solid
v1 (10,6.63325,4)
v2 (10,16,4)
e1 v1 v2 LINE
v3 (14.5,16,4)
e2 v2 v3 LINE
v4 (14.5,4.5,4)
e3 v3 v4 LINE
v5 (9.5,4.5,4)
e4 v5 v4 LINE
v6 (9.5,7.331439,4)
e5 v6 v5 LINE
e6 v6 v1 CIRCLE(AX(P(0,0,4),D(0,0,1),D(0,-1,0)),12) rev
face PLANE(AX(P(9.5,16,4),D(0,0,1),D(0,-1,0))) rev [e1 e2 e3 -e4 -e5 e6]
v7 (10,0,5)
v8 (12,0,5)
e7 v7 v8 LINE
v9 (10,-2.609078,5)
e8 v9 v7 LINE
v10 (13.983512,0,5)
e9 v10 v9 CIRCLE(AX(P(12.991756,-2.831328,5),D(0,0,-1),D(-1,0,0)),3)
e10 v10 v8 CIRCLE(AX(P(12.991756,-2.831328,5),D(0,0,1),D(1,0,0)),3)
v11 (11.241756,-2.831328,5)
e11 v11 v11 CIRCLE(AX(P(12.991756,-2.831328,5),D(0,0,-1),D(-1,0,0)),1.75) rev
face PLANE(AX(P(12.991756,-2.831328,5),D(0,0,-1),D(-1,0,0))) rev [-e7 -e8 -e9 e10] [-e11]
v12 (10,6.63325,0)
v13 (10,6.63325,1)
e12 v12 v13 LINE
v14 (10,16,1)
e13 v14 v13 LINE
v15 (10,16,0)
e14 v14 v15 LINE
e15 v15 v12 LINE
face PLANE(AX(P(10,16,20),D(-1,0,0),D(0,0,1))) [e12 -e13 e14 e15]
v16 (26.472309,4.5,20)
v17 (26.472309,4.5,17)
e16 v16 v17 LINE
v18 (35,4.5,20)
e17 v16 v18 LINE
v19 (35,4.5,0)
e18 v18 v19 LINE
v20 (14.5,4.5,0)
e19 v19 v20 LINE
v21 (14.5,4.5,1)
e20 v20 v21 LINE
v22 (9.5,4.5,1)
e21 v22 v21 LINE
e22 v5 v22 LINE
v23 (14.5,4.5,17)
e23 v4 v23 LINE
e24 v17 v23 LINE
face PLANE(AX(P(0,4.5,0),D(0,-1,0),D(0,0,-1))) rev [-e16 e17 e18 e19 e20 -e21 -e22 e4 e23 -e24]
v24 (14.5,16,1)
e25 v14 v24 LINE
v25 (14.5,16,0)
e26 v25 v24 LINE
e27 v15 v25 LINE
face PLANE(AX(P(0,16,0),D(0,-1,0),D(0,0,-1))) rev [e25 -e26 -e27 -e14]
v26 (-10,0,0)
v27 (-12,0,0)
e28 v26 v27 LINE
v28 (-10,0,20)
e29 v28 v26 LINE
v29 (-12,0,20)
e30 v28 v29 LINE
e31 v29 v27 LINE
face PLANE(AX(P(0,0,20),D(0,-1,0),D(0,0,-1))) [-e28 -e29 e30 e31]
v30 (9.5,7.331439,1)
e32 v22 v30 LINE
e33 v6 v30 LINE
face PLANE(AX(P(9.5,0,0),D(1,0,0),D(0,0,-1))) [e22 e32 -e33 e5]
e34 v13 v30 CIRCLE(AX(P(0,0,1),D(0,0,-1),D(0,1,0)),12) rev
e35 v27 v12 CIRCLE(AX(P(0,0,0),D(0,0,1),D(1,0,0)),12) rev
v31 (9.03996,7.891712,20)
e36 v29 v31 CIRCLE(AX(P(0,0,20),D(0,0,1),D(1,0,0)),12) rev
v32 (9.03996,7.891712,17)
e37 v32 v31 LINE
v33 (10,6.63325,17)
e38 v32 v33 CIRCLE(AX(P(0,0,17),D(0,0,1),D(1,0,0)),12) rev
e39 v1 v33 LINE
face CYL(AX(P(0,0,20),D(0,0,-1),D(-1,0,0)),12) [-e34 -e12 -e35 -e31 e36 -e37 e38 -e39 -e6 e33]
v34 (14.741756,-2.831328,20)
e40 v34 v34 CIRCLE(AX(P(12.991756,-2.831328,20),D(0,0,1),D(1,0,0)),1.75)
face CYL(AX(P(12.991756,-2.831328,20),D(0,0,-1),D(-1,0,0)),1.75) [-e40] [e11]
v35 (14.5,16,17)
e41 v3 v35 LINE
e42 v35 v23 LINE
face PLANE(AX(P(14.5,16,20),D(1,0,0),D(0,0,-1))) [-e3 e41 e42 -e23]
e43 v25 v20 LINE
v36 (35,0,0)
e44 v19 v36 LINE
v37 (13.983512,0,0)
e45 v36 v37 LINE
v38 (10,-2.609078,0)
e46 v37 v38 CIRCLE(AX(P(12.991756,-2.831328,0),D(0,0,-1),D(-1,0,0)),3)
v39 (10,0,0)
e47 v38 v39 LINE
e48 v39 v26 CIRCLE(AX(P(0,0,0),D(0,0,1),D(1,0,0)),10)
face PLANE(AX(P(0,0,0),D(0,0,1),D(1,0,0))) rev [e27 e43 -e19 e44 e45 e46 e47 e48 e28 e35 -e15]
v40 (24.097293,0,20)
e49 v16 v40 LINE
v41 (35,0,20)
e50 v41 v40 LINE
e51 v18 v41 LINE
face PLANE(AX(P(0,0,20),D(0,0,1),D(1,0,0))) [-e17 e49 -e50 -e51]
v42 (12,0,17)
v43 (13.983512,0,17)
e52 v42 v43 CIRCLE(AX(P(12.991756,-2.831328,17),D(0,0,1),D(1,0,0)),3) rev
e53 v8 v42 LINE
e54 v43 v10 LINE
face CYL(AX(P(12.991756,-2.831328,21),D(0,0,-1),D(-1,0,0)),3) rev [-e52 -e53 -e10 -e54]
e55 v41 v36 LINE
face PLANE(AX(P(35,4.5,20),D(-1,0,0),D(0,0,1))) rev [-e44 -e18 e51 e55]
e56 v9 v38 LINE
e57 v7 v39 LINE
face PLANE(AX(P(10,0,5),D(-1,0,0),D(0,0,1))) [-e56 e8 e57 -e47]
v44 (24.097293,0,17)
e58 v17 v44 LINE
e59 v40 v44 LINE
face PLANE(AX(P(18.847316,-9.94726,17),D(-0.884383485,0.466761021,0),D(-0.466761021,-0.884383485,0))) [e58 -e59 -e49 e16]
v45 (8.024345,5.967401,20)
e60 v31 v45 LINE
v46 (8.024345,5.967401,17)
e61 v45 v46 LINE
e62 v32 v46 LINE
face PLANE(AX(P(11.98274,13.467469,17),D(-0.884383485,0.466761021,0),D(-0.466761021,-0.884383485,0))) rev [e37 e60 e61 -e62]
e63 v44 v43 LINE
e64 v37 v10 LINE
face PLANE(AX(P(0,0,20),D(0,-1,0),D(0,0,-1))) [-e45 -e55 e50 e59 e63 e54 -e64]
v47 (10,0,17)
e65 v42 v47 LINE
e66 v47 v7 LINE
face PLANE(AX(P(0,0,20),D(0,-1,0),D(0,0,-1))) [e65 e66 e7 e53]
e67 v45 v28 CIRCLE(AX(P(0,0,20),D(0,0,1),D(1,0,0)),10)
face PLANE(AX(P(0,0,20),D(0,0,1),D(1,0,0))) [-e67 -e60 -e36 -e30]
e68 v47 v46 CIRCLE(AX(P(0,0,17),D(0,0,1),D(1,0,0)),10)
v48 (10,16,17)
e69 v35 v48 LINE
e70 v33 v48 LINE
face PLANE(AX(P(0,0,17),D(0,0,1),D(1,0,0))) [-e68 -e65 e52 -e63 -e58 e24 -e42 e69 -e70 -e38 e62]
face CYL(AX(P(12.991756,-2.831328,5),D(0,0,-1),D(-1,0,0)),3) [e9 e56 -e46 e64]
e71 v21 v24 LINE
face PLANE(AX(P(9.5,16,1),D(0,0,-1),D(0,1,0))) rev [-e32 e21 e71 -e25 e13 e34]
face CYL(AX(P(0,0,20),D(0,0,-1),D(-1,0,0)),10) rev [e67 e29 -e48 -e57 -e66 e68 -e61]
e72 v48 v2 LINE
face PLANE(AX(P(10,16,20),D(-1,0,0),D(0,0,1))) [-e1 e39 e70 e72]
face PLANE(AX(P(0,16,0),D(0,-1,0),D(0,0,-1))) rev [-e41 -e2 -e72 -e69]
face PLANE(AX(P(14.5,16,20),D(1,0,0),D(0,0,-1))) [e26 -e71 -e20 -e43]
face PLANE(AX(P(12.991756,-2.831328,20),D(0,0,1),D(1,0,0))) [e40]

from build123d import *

# Parameters (mm, degrees)
BOSS_EXTRUDE1_DEPTH = 20
SKETCH7_R           = 1.75
BOSS_EXTRUDE5_DEPTH = 20
BOSS_EXTRUDE6_DEPTH = 5
SKETCH8_W           = 25
SKETCH8_H           = 20
BOSS_EXTRUDE7_DEPTH = 4.5
SKETCH9_W           = 4.5
SKETCH9_H           = 20
BOSS_EXTRUDE8_DEPTH = 16
SKETCH10_R          = 1.75
CUT_EXTRUDE1_DEPTH  = 3
SKETCH12_R          = 1.75
BOSS_EXTRUDE9_DEPTH = 3
SKETCH14_R          = 3
SKETCH14_R_2        = 2.333892431
CUT_EXTRUDE3_DEPTH  = 16
CUT_EXTRUDE4_DEPTH  = 3
SKETCH16_W          = 3
SKETCH16_H          = 11.5
CUT_EXTRUDE5_DEPTH  = 5


with BuildPart() as part:
    # Sketch1 → Boss-Extrude1 (new body)
    with BuildSketch(Plane.XY):
        with BuildLine():
            Line((-12, 0), (-10, 0))
            ThreePointArc((-10, 0), (0, 10), (10, 0))
            Line((10, 0), (12, 0))
            ThreePointArc((12, 0), (11.984990613, 0.6), (11.94, 1.198499061))
            ThreePointArc((11.94, 1.198499061), (11.893303563, 1.596662255), (11.833333333, 1.993043457))
            ThreePointArc((11.833333333, 1.993043457), (-1, 11.958260743), (-12, 0))
        make_face()
    extrude(amount=BOSS_EXTRUDE1_DEPTH)



with BuildPart() as body_2:
    # Sketch7 → Boss-Extrude5 (new body)
    with BuildSketch(Plane(origin=(0, 0, 0), x_dir=(-1, 0, 0), z_dir=(0, 0, -1))):
        with Locations((-12.991756156, -2.831328262)):
            Circle(SKETCH7_R)
    extrude(amount=-BOSS_EXTRUDE5_DEPTH)

    # Sketch5 → Boss-Extrude6 (add)
    with BuildSketch(Plane(origin=(0, 0, 0), x_dir=(-1, 0, 0), z_dir=(0, 0, -1))):
        with BuildLine():
            Line((-10, 0), (-10, -2.609078175))
            ThreePointArc((-10, -2.609078175), (-15.372704459, -4.656454335), (-12, 0))
            Line((-12, 0), (-10, 0))
        make_face()
    extrude(amount=-BOSS_EXTRUDE6_DEPTH)


with BuildPart() as part_1:
    add(part.part)

    add(body_2.part)  # Boss-Extrude7 merges body 2
    # Sketch8 → Boss-Extrude7 (add)
    with BuildSketch(Plane(origin=(0, 0, 0), x_dir=(1, 0, 0), z_dir=(0, 1, 0))):
        with Locations((22.5, -10)):
            Rectangle(SKETCH8_W, SKETCH8_H)
    extrude(amount=BOSS_EXTRUDE7_DEPTH)

    # Sketch9 → Boss-Extrude8 (add)
    with BuildSketch(Plane.XZ):
        with Locations((12.25, 10)):
            Rectangle(SKETCH9_W, SKETCH9_H)
    extrude(amount=-BOSS_EXTRUDE8_DEPTH)

    # Sketch10 → Cut-Extrude1 (cut)
    with BuildSketch(Plane.XY.offset(20)):
        with BuildLine():
            Line((10, 0), (24.09729333, 0))
            Line((24.09729333, 0), (26.472308955, 4.5))
            Line((26.472308955, 4.5), (14.5, 4.5))
            Line((14.5, 4.5), (14.5, 16))
            Line((14.5, 16), (14.022774425, 16))
            ThreePointArc((14.022774425, 16), (12.880514361, 14.832204973), (11.982740375, 13.467468681))
            Line((11.982740375, 13.467468681), (10, 9.710722159))
            Line((10, 9.710722159), (10, 6.633249581))
            ThreePointArc((10, 6.633249581), (9.540752339, 7.278327061), (9.039960442, 7.891711805))
            Line((9.039960442, 7.891711805), (8.02434549, 5.967401399))
            ThreePointArc((8.02434549, 5.967401399), (9.493246413, 3.142971929), (10, 0))
        make_face()
        with Locations(Location((12.991756156, -2.831328262, 0), (0, 0, 180))):
            Circle(SKETCH10_R)
    extrude(amount=-CUT_EXTRUDE1_DEPTH, mode=Mode.SUBTRACT)

    # Sketch12 → Boss-Extrude9 (add)
    with BuildSketch(Plane.XY.offset(17)):
        with Locations(Location((12.991756156, -2.831328262, 0), (0, 0, 180))):
            Circle(SKETCH12_R)
    extrude(amount=BOSS_EXTRUDE9_DEPTH)

    # Sketch14 → Cut-Extrude3 (cut)
    with BuildSketch(Plane.XY.offset(5)):
        with Locations((12.991756156, -2.831328262)):
            Circle(SKETCH14_R)
        with Locations((12.991756156, -2.831328262)):
            Circle(SKETCH14_R_2, mode=Mode.SUBTRACT)
    extrude(amount=CUT_EXTRUDE3_DEPTH, mode=Mode.SUBTRACT)

    # Sketch15 → Cut-Extrude4 (cut)
    with BuildSketch(Plane.XY.offset(20)):
        Polygon((9.332134569, 17.011722294), (15.835730862, 16.761583975), (11.722345172, 9.285227553), (9.050959886, 9.701180523), align=None)
    extrude(amount=-CUT_EXTRUDE4_DEPTH, mode=Mode.SUBTRACT)

    # Sketch16 → Cut-Extrude5 (cut)
    with BuildSketch(Plane(origin=(14.5, 0, 0), x_dir=(0, 0, -1), z_dir=(1, 0, 0))):
        with Locations((-2.5, 10.25)):
            Rectangle(SKETCH16_W, SKETCH16_H)
    extrude(amount=-CUT_EXTRUDE5_DEPTH, mode=Mode.SUBTRACT)


solid = part_1.part
